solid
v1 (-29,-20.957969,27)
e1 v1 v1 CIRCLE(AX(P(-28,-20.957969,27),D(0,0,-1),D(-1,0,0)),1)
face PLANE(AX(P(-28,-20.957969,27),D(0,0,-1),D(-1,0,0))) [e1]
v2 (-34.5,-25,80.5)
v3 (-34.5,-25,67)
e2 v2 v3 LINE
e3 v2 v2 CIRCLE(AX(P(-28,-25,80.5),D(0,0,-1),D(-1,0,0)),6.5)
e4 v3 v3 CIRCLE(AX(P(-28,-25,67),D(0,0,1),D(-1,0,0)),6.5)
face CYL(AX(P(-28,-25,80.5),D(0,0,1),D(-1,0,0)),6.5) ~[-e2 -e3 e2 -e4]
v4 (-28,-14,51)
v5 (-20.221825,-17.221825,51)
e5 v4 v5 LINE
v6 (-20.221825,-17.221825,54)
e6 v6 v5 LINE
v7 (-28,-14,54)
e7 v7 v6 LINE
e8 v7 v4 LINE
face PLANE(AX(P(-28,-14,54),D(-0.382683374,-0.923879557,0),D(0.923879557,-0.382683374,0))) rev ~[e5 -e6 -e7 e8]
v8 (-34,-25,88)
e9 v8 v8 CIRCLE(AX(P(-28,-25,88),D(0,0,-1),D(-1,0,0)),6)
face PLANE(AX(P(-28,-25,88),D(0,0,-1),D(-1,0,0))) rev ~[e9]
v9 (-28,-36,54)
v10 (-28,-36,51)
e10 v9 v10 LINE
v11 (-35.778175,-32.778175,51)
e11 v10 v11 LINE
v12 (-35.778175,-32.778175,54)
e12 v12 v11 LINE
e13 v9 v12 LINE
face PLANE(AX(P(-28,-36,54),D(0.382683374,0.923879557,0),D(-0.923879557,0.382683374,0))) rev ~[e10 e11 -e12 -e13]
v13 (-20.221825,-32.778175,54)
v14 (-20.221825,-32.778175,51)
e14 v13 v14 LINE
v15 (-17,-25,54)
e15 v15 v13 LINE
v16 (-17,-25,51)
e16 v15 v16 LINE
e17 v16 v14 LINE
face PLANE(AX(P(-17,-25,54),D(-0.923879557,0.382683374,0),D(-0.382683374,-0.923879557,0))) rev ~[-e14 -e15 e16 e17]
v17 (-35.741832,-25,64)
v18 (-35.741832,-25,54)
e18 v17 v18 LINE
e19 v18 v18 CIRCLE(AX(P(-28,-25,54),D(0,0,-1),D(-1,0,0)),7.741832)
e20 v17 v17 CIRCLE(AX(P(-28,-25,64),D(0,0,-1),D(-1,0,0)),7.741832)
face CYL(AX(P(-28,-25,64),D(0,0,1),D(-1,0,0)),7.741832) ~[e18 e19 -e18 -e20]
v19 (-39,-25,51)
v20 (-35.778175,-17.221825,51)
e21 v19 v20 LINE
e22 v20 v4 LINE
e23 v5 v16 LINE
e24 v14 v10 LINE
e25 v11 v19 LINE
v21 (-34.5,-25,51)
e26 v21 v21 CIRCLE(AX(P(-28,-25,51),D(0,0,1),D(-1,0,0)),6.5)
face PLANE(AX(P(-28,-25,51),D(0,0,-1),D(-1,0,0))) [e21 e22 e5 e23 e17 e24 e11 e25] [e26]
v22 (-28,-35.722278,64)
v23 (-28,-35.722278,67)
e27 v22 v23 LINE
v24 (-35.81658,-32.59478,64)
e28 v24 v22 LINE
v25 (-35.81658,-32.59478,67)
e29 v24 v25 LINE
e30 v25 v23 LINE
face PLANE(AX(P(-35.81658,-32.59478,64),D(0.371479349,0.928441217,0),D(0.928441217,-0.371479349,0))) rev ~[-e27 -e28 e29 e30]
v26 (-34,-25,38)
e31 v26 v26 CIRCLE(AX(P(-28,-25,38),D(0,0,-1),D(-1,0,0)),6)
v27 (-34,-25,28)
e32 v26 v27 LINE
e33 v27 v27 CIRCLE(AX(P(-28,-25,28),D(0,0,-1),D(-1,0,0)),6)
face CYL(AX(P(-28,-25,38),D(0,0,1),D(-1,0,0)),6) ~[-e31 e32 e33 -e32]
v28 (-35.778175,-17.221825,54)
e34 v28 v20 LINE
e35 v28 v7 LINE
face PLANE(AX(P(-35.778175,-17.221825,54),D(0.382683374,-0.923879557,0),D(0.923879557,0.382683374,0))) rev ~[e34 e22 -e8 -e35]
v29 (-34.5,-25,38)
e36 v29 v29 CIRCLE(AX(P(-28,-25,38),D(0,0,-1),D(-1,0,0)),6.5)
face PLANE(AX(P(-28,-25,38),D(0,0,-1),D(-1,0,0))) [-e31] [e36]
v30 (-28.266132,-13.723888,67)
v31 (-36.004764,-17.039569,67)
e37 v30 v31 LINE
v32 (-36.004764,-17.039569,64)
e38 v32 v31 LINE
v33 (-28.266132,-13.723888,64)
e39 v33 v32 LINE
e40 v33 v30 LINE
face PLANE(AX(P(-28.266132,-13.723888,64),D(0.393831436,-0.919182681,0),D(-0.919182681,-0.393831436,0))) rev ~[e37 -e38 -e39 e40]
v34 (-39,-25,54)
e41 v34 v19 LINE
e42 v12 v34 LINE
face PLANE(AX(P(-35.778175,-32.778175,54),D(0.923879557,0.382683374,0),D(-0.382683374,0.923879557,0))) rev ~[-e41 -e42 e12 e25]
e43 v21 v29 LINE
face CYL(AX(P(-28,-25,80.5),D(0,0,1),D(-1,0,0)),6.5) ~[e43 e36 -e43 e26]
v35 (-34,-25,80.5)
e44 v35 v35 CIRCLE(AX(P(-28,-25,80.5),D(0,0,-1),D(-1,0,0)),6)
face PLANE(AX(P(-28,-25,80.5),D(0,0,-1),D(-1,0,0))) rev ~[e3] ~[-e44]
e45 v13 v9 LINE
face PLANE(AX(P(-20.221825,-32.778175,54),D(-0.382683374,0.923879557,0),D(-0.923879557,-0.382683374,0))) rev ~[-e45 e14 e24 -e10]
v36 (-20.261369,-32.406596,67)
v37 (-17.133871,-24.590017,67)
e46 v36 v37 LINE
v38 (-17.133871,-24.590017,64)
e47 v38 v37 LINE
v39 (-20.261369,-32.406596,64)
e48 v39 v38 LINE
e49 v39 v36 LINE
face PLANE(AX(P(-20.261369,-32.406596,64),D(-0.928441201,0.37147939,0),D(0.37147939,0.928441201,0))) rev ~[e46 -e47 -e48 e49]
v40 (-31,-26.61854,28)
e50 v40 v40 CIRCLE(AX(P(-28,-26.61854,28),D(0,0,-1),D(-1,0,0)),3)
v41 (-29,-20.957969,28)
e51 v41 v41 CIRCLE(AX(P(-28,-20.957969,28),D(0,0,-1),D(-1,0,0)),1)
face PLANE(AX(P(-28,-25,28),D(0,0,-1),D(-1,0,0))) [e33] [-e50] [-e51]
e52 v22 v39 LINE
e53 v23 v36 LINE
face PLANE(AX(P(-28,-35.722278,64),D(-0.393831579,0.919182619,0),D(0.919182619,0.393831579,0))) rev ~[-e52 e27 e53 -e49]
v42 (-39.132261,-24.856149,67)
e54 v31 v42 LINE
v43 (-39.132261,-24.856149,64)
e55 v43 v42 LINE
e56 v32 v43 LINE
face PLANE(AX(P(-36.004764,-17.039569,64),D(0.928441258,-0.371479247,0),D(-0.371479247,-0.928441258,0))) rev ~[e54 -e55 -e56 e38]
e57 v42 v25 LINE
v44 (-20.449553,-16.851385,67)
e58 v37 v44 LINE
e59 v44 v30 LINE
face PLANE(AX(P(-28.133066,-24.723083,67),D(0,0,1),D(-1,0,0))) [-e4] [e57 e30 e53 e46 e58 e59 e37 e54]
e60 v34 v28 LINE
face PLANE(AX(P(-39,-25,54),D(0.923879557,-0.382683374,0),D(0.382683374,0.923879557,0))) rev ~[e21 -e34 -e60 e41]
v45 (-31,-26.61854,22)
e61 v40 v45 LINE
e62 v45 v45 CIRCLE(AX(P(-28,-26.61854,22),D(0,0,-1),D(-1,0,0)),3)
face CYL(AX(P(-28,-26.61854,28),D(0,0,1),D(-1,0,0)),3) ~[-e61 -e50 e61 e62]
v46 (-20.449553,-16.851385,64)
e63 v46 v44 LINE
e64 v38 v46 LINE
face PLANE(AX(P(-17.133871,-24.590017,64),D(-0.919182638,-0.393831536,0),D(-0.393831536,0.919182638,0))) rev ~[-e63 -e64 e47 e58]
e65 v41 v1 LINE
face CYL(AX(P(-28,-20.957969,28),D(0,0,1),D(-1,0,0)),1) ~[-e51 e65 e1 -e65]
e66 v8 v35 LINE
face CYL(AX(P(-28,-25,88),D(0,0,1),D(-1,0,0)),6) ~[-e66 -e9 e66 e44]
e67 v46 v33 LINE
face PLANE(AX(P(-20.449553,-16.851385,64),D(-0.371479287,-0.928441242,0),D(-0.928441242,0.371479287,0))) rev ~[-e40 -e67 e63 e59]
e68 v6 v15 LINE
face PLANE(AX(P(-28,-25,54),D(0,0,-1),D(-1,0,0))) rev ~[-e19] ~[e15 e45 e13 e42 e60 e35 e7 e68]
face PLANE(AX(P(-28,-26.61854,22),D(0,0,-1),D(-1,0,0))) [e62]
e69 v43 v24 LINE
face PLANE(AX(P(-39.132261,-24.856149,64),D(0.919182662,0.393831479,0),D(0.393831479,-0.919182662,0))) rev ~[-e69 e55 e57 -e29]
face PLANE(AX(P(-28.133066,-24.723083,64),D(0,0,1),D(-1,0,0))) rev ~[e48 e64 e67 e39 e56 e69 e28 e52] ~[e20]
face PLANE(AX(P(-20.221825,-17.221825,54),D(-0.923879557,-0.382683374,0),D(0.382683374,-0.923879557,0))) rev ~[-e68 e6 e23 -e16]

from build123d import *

# Parameters (mm, degrees)
SKETCH014_R             = 6
PAD012_DEPTH            = 7.5
SKETCH015_R             = 6.5
PAD013_DEPTH            = 42.5
SKETCH016_R             = 6
PAD014_DEPTH            = 10
SKETCH017_R             = 3
PAD015_DEPTH            = 6
SKETCH018_R             = 1
PAD016_DEPTH            = 1
PAD017_DEPTH            = 3
SKETCH020_R             = 7.741832
PAD018_DEPTH            = 10
PAD019_DEPTH            = 3
BODY003_PLACEMENT_ANGLE = 180


with BuildPart() as part:
    # Sketch014 → Pad012 (new body)
    with BuildSketch(Plane.XY):
        Circle(SKETCH014_R)
    extrude(amount=PAD012_DEPTH)

    # Sketch015 (on Face3 of Pad012) → Pad013 (join)
    with BuildSketch(Plane.XY.offset(7.5)):
        Circle(SKETCH015_R)
    extrude(amount=PAD013_DEPTH)

    # Sketch016 (on Face5 of Pad013) → Pad014 (join)
    with BuildSketch(Plane.XY.offset(50)):
        Circle(SKETCH016_R)
    extrude(amount=PAD014_DEPTH)

    # Sketch017 (on Face7 of Pad014) → Pad015 (join)
    with BuildSketch(Plane.XY.offset(60)):
        with Locations((0, -1.61854)):
            Circle(SKETCH017_R)
    extrude(amount=PAD015_DEPTH)

    # Sketch018 (on Face7 of Pad015) → Pad016 (join)
    with BuildSketch(Plane.XY.offset(60)):
        with Locations((0, 4.042031)):
            Circle(SKETCH018_R)
    extrude(amount=PAD016_DEPTH)

    # Sketch019 (on Face2 of Pad016) → Pad017 (join)
    with BuildSketch(Plane(origin=(0, 0, 24), x_dir=(1, 0, 0), z_dir=(0, 0, -1))):
        Polygon((0, 10.722278), (-7.738631, 7.406596), (-10.866129, -0.409983), (-7.550447, -8.148615), (0.266132, -11.276112), (8.004764, -7.960431), (11.132261, -0.143851), (7.81658, 7.59478), align=None)
    extrude(amount=PAD017_DEPTH)

    # Sketch020 (on Face14 of Pad017) → Pad018 (join)
    with BuildSketch(Plane.XY.offset(24)):
        Circle(SKETCH020_R)
    extrude(amount=PAD018_DEPTH)

    # Sketch021 (on Face16 of Pad018) → Pad019 (join)
    with BuildSketch(Plane.XY.offset(34)):
        Polygon((0, 11), (-7.778175, 7.778175), (-11, 0), (-7.778175, -7.778175), (0, -11), (7.778175, -7.778175), (11, 0), (7.778175, 7.778175), align=None)
    extrude(amount=PAD019_DEPTH)


with BuildPart() as part_1:
    # Body003 placement: moved
    add(part.part.moved(Location((-28, -25, 88))).rotate(Axis((-28, -25, 88), (0, 1, 0)), BODY003_PLACEMENT_ANGLE))


solid = part_1.part
